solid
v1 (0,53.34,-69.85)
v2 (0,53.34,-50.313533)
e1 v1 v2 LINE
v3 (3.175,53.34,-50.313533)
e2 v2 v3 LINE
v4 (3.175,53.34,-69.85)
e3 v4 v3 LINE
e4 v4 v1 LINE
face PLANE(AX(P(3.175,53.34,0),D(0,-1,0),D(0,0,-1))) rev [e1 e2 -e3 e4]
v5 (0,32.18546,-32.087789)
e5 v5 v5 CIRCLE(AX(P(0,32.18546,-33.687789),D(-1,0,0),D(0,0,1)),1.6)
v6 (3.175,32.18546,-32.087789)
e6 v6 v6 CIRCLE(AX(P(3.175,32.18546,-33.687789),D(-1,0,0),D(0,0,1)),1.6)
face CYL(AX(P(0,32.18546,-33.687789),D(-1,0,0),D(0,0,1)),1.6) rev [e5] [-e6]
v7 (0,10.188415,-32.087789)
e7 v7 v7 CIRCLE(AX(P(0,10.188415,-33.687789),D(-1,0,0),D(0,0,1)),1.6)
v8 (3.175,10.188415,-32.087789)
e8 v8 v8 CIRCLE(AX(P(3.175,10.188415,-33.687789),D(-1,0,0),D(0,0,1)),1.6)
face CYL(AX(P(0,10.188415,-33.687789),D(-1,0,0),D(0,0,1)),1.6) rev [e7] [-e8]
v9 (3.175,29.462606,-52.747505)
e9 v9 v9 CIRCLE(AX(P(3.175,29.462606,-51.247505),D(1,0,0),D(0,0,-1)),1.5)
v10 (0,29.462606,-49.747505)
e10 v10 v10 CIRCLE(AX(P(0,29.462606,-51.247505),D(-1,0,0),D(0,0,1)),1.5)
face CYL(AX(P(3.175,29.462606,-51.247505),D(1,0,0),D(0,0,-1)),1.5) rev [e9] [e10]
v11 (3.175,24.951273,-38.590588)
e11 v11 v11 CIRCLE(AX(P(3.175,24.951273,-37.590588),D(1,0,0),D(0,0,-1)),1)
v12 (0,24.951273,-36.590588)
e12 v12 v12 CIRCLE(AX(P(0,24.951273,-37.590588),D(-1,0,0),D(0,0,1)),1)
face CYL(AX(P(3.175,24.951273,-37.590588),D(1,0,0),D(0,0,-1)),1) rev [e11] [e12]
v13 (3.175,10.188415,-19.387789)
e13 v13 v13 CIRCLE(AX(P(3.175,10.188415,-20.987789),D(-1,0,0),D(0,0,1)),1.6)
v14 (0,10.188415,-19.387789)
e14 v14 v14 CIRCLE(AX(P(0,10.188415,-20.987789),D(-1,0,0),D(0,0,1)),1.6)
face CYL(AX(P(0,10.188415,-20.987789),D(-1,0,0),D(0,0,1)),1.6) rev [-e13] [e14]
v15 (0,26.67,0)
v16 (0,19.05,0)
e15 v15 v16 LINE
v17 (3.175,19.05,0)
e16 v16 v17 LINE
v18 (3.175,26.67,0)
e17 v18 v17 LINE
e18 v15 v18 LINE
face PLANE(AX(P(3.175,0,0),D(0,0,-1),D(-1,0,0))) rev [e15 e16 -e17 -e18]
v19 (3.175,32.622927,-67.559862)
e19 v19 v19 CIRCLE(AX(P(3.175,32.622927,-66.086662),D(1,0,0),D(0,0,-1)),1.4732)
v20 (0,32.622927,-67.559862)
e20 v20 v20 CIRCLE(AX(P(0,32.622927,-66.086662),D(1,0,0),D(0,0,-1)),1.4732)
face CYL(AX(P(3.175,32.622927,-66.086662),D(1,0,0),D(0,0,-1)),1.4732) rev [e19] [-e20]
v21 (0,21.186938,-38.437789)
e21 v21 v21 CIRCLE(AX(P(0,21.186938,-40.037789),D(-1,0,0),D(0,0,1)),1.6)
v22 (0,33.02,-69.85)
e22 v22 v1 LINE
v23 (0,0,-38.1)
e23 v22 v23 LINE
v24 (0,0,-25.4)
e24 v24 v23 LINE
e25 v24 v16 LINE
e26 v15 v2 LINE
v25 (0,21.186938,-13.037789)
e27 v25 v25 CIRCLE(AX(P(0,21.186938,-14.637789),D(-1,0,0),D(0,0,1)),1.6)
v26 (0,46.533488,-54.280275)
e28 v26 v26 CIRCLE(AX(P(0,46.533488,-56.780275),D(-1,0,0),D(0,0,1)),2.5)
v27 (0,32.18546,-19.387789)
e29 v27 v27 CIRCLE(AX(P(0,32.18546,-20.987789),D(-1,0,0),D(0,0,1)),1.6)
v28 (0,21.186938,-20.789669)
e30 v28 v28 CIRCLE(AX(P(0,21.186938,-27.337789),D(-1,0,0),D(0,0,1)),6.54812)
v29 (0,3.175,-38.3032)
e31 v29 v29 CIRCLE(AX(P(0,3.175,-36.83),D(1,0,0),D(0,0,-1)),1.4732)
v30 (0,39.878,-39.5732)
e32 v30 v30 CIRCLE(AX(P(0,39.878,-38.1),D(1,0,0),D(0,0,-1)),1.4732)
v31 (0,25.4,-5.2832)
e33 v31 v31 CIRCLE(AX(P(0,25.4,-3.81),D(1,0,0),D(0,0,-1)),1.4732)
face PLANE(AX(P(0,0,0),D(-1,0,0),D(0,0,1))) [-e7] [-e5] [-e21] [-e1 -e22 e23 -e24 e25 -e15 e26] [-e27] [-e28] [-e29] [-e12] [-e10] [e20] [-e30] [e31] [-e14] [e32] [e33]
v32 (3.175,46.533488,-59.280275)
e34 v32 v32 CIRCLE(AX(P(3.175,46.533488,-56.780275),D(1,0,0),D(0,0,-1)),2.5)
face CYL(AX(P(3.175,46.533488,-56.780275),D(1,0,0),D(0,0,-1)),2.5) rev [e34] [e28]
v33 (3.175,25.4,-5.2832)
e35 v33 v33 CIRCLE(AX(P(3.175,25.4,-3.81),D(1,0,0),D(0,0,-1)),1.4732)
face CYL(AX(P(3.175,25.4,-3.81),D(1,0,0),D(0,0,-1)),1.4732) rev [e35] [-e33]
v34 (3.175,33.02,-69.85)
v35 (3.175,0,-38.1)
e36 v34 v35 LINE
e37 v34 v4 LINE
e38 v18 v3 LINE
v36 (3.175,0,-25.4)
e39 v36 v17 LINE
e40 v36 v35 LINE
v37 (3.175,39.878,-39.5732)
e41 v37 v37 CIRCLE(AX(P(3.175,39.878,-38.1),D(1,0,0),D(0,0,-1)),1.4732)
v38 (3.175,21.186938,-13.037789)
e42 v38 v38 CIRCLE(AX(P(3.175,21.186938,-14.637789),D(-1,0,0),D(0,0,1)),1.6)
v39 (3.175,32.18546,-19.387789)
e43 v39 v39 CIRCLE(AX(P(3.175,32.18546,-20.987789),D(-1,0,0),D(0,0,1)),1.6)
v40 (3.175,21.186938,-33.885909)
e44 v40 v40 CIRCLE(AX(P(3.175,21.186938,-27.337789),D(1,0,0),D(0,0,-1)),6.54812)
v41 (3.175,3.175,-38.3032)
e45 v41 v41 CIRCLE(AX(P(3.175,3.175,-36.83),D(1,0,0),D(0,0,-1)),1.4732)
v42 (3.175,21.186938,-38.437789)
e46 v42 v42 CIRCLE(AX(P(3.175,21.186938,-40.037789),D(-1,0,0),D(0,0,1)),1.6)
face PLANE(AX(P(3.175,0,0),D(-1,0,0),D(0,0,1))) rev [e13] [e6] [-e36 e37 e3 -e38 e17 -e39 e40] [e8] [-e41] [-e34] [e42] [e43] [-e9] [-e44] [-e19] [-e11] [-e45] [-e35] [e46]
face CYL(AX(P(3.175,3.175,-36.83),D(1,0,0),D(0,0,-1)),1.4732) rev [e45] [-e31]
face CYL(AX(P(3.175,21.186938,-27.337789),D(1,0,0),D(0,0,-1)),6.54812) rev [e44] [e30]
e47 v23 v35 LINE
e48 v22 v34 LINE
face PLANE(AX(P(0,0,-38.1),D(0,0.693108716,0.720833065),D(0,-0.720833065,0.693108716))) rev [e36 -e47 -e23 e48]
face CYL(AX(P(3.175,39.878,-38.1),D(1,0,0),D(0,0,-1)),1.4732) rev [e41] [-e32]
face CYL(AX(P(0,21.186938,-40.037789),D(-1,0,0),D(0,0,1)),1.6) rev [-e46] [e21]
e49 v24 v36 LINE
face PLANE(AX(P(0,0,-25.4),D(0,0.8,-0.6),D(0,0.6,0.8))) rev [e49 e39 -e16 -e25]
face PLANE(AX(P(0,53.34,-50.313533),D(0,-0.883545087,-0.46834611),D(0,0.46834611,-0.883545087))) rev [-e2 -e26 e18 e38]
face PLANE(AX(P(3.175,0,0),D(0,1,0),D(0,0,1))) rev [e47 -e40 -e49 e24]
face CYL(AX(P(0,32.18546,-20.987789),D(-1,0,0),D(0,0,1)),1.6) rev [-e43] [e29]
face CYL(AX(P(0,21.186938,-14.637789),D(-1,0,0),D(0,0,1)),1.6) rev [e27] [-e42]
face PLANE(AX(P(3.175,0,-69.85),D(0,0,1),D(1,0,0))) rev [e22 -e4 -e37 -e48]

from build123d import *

# Parameters (mm, degrees)
SKETCH1_W                           = 69.85
SKETCH1_H                           = 53.34
BOSS_EXTRUDE1_DEPTH                 = 3.175
F_1_2_CLEARANCE_HOLE1_D             = 13.09624
F_1_2_CLEARANCE_HOLE1_DEPTH         = 25.4
F_1_2_CLEARANCE_HOLE1_TIP           = 3.934507437
M3_CLEARANCE_HOLE1_D                = 3.2
M3_CLEARANCE_HOLE1_DEPTH            = 25.4
M3_CLEARANCE_HOLE1_TIP              = 0.96137699
F_2_0MM_CLEARANCE_DOWEL_HOLE1_D     = 2
F_2_0MM_CLEARANCE_DOWEL_HOLE1_DEPTH = 25.4
F_2_0MM_CLEARANCE_DOWEL_HOLE1_TIP   = 0.600860619
F_3_0MM_CLEARANCE_DOWEL_HOLE1_D     = 3
F_3_0MM_CLEARANCE_DOWEL_HOLE1_DEPTH = 25.4
F_3_0MM_CLEARANCE_DOWEL_HOLE1_TIP   = 0.901290929
F_5_0MM_CLEARANCE_DOWEL_HOLE1_D     = 5
F_5_0MM_CLEARANCE_DOWEL_HOLE1_DEPTH = 25.4
F_5_0MM_CLEARANCE_DOWEL_HOLE1_TIP   = 1.502151548
CUT_EXTRUDE1_DEPTH                  = 88.94463443
F_4_CLEARANCE_HOLE1_D               = 2.9464
F_4_CLEARANCE_HOLE1_DEPTH           = 3.175
F_4_CLEARANCE_HOLE1_TIP             = 0.885187864


with BuildPart() as part:
    # Sketch1 → Boss-Extrude1 (new body)
    with BuildSketch(Plane(origin=(0, 0, 0), x_dir=(0, 0, -1), z_dir=(1, 0, 0))):
        with Locations((34.925, 26.67)):
            Rectangle(SKETCH1_W, SKETCH1_H)
    extrude(amount=BOSS_EXTRUDE1_DEPTH)

    # 1/2 Clearance Hole1
    with Locations(Plane(origin=(3.175, 0, 0), x_dir=(0, 0, -1), z_dir=(1, 0, 0))):
        with Locations((27.33778886, 21.18693756)):
            Hole(F_1_2_CLEARANCE_HOLE1_D / 2, depth=F_1_2_CLEARANCE_HOLE1_DEPTH)
            with Locations((0, 0, -(F_1_2_CLEARANCE_HOLE1_DEPTH + F_1_2_CLEARANCE_HOLE1_TIP / 2))):  # 118° drill point
                Cone(0, F_1_2_CLEARANCE_HOLE1_D / 2, F_1_2_CLEARANCE_HOLE1_TIP, mode=Mode.SUBTRACT)

    # M3 Clearance Hole1
    with Locations(Plane.ZY):
        with Locations((-40.03778886, 21.18693756), (-33.68778886, 32.185460188), (-20.98778886, 32.185460188), (-14.63778886, 21.18693756), (-20.98778886, 10.188414932), (-33.68778886, 10.188414932), (-27.33778886, 21.18693756)):
            Hole(M3_CLEARANCE_HOLE1_D / 2, depth=M3_CLEARANCE_HOLE1_DEPTH)
            with Locations((0, 0, -(M3_CLEARANCE_HOLE1_DEPTH + M3_CLEARANCE_HOLE1_TIP / 2))):  # 118° drill point
                Cone(0, M3_CLEARANCE_HOLE1_D / 2, M3_CLEARANCE_HOLE1_TIP, mode=Mode.SUBTRACT)

    # Ø2.0mm Clearance Dowel Hole1
    with Locations(Plane(origin=(3.175, 0, 0), x_dir=(0, 0, -1), z_dir=(1, 0, 0))):
        with Locations((37.59058776, 24.95127344)):
            Hole(F_2_0MM_CLEARANCE_DOWEL_HOLE1_D / 2, depth=F_2_0MM_CLEARANCE_DOWEL_HOLE1_DEPTH)
            with Locations((0, 0, -(F_2_0MM_CLEARANCE_DOWEL_HOLE1_DEPTH + F_2_0MM_CLEARANCE_DOWEL_HOLE1_TIP / 2))):  # 118° drill point
                Cone(0, F_2_0MM_CLEARANCE_DOWEL_HOLE1_D / 2, F_2_0MM_CLEARANCE_DOWEL_HOLE1_TIP, mode=Mode.SUBTRACT)

    # Ø3.0mm Clearance Dowel Hole1
    with Locations(Plane(origin=(3.175, 0, 0), x_dir=(0, 0, -1), z_dir=(1, 0, 0))):
        with Locations((51.24750482, 29.46260554)):
            Hole(F_3_0MM_CLEARANCE_DOWEL_HOLE1_D / 2, depth=F_3_0MM_CLEARANCE_DOWEL_HOLE1_DEPTH)
            with Locations((0, 0, -(F_3_0MM_CLEARANCE_DOWEL_HOLE1_DEPTH + F_3_0MM_CLEARANCE_DOWEL_HOLE1_TIP / 2))):  # 118° drill point
                Cone(0, F_3_0MM_CLEARANCE_DOWEL_HOLE1_D / 2, F_3_0MM_CLEARANCE_DOWEL_HOLE1_TIP, mode=Mode.SUBTRACT)

    # Ø5.0mm Clearance Dowel Hole1
    with Locations(Plane(origin=(3.175, 0, 0), x_dir=(0, 0, -1), z_dir=(1, 0, 0))):
        with Locations((56.78027506, 46.53348834)):
            Hole(F_5_0MM_CLEARANCE_DOWEL_HOLE1_D / 2, depth=F_5_0MM_CLEARANCE_DOWEL_HOLE1_DEPTH)
            with Locations((0, 0, -(F_5_0MM_CLEARANCE_DOWEL_HOLE1_DEPTH + F_5_0MM_CLEARANCE_DOWEL_HOLE1_TIP / 2))):  # 118° drill point
                Cone(0, F_5_0MM_CLEARANCE_DOWEL_HOLE1_D / 2, F_5_0MM_CLEARANCE_DOWEL_HOLE1_TIP, mode=Mode.SUBTRACT)

    # Sketch12 → Cut-Extrude1 (cut, through all)
    with BuildSketch(Plane(origin=(3.175, 0, 0), x_dir=(0, 0, -1), z_dir=(1, 0, 0))):
        Polygon((0, 53.34), (50.313533093, 53.34), (0, 26.67), align=None)
        Polygon((69.85, 0), (38.1, 0), (69.85, 33.02), align=None)
        Polygon((25.4, 0), (0, 19.05), (0, 0), align=None)
    extrude(amount=-CUT_EXTRUDE1_DEPTH, mode=Mode.SUBTRACT)

    # #4 Clearance Hole1
    with Locations(Plane(origin=(3.175, 0, 0), x_dir=(0, 0, -1), z_dir=(1, 0, 0))):
        with Locations((3.81, 25.4), (36.83, 3.175), (66.08666234, 32.62292688), (38.1, 39.878)):
            Hole(F_4_CLEARANCE_HOLE1_D / 2, depth=F_4_CLEARANCE_HOLE1_DEPTH)
            with Locations((0, 0, -(F_4_CLEARANCE_HOLE1_DEPTH + F_4_CLEARANCE_HOLE1_TIP / 2))):  # 118° drill point
                Cone(0, F_4_CLEARANCE_HOLE1_D / 2, F_4_CLEARANCE_HOLE1_TIP, mode=Mode.SUBTRACT)


solid = part.part
